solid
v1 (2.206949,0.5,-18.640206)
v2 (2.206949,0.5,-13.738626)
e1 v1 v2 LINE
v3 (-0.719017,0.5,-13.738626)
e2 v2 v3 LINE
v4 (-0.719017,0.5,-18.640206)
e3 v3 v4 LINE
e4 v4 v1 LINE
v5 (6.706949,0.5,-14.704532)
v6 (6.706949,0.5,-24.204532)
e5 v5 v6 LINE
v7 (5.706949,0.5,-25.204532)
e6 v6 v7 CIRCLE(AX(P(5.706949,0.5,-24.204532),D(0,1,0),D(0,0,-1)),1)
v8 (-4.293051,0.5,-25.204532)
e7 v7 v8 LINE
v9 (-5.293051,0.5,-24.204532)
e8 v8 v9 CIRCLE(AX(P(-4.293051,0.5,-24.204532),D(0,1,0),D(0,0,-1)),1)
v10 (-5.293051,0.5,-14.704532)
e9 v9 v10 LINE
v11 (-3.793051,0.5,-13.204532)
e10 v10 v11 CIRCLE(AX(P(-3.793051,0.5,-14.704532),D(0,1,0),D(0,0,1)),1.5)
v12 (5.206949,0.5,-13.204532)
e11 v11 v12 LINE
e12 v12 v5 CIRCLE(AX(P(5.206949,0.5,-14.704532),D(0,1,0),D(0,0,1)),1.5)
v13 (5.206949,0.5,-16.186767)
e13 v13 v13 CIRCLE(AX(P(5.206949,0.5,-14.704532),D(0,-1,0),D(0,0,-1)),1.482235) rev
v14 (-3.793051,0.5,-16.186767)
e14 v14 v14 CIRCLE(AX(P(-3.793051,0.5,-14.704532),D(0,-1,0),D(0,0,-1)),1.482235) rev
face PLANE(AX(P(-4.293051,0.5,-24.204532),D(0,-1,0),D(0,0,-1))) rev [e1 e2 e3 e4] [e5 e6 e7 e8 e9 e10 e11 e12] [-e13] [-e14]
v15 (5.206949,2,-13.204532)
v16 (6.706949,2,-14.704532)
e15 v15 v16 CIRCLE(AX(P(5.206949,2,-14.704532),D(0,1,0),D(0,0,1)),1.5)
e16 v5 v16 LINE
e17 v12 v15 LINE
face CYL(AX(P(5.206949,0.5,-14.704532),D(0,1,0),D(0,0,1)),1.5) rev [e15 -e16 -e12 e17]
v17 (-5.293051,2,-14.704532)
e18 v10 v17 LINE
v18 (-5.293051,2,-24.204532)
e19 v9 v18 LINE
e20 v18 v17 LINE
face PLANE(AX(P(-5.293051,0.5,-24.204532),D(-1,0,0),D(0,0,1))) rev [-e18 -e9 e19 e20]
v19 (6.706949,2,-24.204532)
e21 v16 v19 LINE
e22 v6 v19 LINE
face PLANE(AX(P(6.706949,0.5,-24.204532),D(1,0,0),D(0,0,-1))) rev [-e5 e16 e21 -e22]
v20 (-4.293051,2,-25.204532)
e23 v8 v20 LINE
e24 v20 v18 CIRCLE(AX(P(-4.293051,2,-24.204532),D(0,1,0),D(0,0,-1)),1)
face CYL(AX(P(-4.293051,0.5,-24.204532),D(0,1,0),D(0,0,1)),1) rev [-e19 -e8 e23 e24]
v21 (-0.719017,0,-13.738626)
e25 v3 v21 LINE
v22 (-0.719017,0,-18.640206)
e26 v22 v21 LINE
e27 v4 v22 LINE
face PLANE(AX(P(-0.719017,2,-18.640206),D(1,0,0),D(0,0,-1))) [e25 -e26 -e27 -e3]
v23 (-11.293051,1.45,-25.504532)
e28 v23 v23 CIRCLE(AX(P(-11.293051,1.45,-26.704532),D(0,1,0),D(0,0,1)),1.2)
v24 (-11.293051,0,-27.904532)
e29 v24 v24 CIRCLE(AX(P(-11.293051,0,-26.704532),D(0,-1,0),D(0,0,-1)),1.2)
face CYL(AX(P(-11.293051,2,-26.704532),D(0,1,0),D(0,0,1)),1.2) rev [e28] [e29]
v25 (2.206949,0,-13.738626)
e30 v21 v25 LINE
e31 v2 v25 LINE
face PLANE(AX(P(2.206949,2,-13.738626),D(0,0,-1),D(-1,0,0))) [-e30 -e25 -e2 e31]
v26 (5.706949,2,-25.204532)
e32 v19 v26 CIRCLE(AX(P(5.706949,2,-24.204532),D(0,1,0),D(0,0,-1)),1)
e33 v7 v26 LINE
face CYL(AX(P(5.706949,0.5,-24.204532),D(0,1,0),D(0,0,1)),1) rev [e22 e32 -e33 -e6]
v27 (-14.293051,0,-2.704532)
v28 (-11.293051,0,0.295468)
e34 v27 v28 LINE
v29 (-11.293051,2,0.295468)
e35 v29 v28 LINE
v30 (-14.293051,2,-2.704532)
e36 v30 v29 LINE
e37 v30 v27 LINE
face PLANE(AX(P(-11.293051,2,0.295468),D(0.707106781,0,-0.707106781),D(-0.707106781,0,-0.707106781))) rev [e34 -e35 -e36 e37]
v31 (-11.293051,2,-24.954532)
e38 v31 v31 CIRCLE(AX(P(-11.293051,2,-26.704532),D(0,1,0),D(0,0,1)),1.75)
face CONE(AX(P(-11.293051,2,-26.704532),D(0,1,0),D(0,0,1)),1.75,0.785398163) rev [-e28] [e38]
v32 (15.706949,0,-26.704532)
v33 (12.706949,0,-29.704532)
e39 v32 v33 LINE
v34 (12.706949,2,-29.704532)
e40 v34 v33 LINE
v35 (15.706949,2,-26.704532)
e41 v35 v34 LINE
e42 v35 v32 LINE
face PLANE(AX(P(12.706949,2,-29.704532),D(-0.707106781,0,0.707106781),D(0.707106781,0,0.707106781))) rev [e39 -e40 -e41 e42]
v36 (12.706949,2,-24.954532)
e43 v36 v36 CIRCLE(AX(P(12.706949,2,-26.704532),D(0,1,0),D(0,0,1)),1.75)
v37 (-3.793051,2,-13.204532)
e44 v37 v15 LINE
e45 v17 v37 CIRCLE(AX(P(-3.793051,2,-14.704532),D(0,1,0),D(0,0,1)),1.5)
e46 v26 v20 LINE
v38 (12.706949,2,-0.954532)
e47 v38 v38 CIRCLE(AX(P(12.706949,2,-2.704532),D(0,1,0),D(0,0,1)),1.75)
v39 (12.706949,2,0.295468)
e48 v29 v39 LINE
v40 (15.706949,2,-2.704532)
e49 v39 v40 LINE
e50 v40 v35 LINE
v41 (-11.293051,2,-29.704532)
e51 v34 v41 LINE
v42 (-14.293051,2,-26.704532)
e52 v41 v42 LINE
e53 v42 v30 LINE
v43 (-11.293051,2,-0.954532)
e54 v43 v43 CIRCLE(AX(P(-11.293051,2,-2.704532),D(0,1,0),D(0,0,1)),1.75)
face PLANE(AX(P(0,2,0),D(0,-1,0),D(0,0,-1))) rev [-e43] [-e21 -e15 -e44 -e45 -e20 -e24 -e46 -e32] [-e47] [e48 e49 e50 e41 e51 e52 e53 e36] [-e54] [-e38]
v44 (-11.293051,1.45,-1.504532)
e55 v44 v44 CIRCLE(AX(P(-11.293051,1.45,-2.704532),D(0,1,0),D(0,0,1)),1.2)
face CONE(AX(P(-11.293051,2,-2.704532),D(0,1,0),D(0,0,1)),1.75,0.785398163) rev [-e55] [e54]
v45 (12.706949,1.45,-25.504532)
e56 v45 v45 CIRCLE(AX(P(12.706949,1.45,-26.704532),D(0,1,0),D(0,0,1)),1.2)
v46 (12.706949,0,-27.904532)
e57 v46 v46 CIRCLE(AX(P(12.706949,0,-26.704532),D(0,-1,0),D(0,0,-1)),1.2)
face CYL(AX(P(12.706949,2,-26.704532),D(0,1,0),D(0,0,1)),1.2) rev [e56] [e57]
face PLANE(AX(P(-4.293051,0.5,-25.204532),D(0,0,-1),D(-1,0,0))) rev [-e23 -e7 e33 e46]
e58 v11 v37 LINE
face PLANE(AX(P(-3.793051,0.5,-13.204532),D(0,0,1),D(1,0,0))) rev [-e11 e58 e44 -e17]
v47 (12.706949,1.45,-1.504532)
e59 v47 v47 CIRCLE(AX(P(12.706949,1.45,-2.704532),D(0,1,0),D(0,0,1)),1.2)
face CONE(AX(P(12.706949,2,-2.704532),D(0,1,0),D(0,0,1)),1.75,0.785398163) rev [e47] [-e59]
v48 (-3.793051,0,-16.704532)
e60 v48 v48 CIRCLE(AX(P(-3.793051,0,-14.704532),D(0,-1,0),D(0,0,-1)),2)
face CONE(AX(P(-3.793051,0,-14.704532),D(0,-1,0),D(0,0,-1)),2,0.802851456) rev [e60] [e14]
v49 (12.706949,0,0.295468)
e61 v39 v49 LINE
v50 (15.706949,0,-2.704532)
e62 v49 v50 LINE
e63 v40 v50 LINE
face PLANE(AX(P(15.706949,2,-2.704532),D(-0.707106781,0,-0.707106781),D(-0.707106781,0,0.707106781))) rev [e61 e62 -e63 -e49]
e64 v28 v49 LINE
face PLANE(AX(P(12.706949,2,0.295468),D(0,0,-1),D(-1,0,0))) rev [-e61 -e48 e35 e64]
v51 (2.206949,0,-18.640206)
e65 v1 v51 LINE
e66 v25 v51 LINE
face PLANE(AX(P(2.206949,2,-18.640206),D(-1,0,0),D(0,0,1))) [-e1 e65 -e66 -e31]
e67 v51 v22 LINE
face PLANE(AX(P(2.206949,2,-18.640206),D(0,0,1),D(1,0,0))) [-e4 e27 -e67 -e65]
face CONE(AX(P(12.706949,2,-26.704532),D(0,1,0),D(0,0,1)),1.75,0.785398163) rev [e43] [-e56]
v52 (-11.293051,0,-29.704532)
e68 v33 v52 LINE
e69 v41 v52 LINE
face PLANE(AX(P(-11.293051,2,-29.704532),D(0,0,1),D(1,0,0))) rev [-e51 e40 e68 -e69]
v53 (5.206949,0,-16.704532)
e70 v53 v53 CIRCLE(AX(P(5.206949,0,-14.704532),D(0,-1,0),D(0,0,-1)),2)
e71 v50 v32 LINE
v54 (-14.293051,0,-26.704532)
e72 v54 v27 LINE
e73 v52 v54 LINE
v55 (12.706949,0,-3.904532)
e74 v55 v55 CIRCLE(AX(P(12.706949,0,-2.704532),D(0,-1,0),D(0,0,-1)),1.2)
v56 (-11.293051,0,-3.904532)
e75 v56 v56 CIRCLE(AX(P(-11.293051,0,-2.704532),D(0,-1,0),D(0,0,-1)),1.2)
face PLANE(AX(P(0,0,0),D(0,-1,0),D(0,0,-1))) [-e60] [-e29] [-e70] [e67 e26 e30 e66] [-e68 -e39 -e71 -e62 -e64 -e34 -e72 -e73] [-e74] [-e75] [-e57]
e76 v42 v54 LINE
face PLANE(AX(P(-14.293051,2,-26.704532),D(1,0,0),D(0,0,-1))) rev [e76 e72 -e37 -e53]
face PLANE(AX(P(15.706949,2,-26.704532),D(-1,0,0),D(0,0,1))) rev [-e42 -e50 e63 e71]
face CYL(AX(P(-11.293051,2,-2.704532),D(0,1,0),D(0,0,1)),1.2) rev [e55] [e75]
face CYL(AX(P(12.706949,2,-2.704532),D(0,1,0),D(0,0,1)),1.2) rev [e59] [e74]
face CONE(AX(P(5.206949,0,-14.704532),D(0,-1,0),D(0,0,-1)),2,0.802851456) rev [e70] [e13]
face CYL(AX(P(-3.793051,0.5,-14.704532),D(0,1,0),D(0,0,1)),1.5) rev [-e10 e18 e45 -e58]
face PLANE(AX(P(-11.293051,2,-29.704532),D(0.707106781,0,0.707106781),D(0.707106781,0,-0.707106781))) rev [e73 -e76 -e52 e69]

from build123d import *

# Parameters (mm, degrees)
SKETCH1_W                                            = 2.925965508
SKETCH1_H                                            = 4.901580006
BOSS_EXTRUDE1_DEPTH                                  = 2
CSK_FOR_M2_FLAT_HEAD_MACHINE_SCREW2_D                = 2.4
CSK_FOR_M2_FLAT_HEAD_MACHINE_SCREW2_DEPTH            = 42.93
CSK_FOR_M2_FLAT_HEAD_MACHINE_SCREW2_CSINK_D          = 3.5
CSK_FOR_M2_FLAT_HEAD_MACHINE_SCREW2_CSINK_ANGLE      = 90
CSK_FOR_M2_FLAT_HEAD_MACHINE_SCREW2_TIP              = 0.721032743
CSK_FOR_M2_CROSS_COUNTERSUNK_HEAD_SCREW1_D           = 2.75
CSK_FOR_M2_CROSS_COUNTERSUNK_HEAD_SCREW1_DEPTH       = 8.7
CSK_FOR_M2_CROSS_COUNTERSUNK_HEAD_SCREW1_CSINK_D     = 4
CSK_FOR_M2_CROSS_COUNTERSUNK_HEAD_SCREW1_CSINK_ANGLE = 92
CSK_FOR_M2_CROSS_COUNTERSUNK_HEAD_SCREW1_TIP         = 0.826183351
CUT_EXTRUDE1_DEPTH                                   = 1.5


with BuildPart() as part:
    # Sketch1 → Boss-Extrude1 (new body)
    with BuildSketch(Plane(origin=(0, 0, 0), x_dir=(1, 0, 0), z_dir=(0, 1, 0))):
        Polygon((-11.293051345, 29.704532022), (12.706948655, 29.704532022), (15.706948655, 26.704532022), (15.706948655, 2.704532022), (12.706948655, -0.295467978), (-11.293051345, -0.295467978), (-14.293051345, 2.704532022), (-14.293051345, 26.704532022), align=None)
        with Locations((0.743965901, 16.189415938)):
            Rectangle(SKETCH1_W, SKETCH1_H, mode=Mode.SUBTRACT)
    extrude(amount=BOSS_EXTRUDE1_DEPTH)

    # CSK for M2 Flat Head Machine Screw2
    with Locations(Plane(origin=(0, 2, 0), x_dir=(1, 0, 0), z_dir=(0, 1, 0))):
        with Locations((-11.293051345, 26.704532022), (-11.293051345, 2.704532022), (12.706948655, 26.704532022), (12.706948655, 2.704532022)):
            CounterSinkHole(CSK_FOR_M2_FLAT_HEAD_MACHINE_SCREW2_D / 2, CSK_FOR_M2_FLAT_HEAD_MACHINE_SCREW2_CSINK_D / 2, depth=CSK_FOR_M2_FLAT_HEAD_MACHINE_SCREW2_DEPTH, counter_sink_angle=CSK_FOR_M2_FLAT_HEAD_MACHINE_SCREW2_CSINK_ANGLE)
            with Locations((0, 0, -(CSK_FOR_M2_FLAT_HEAD_MACHINE_SCREW2_DEPTH + CSK_FOR_M2_FLAT_HEAD_MACHINE_SCREW2_TIP / 2))):  # 118° drill point
                Cone(0, CSK_FOR_M2_FLAT_HEAD_MACHINE_SCREW2_D / 2, CSK_FOR_M2_FLAT_HEAD_MACHINE_SCREW2_TIP, mode=Mode.SUBTRACT)

    # CSK for M2 Cross Countersunk Head Screw1
    with Locations(Plane.XZ):
        with Locations((-3.793051345, -14.704532022), (5.206948655, -14.704532022)):
            CounterSinkHole(CSK_FOR_M2_CROSS_COUNTERSUNK_HEAD_SCREW1_D / 2, CSK_FOR_M2_CROSS_COUNTERSUNK_HEAD_SCREW1_CSINK_D / 2, depth=CSK_FOR_M2_CROSS_COUNTERSUNK_HEAD_SCREW1_DEPTH, counter_sink_angle=CSK_FOR_M2_CROSS_COUNTERSUNK_HEAD_SCREW1_CSINK_ANGLE)
            with Locations((0, 0, -(CSK_FOR_M2_CROSS_COUNTERSUNK_HEAD_SCREW1_DEPTH + CSK_FOR_M2_CROSS_COUNTERSUNK_HEAD_SCREW1_TIP / 2))):  # 118° drill point
                Cone(0, CSK_FOR_M2_CROSS_COUNTERSUNK_HEAD_SCREW1_D / 2, CSK_FOR_M2_CROSS_COUNTERSUNK_HEAD_SCREW1_TIP, mode=Mode.SUBTRACT)

    # Sketch11 → Cut-Extrude1 (cut)
    with BuildSketch(Plane(origin=(0, 2, 0), x_dir=(1, 0, 0), z_dir=(0, 1, 0))):
        with BuildLine():
            Line((-5.293051345, 24.204532022), (-5.293051345, 14.704532022))
            ThreePointArc((-5.293051345, 14.704532022), (-4.853711517, 13.64387185), (-3.793051345, 13.204532022))
            Line((-3.793051345, 13.204532022), (5.206948655, 13.204532022))
            ThreePointArc((5.206948655, 13.204532022), (6.267608827, 13.64387185), (6.706948655, 14.704532022))
            Line((6.706948655, 14.704532022), (6.706948655, 24.204532022))
            ThreePointArc((6.706948655, 24.204532022), (6.414055436, 24.911638803), (5.706948655, 25.204532022))
            Line((5.706948655, 25.204532022), (-4.293051345, 25.204532022))
            ThreePointArc((-4.293051345, 25.204532022), (-5.000158126, 24.911638803), (-5.293051345, 24.204532022))
        make_face()
    extrude(amount=-CUT_EXTRUDE1_DEPTH, mode=Mode.SUBTRACT)


solid = part.part
